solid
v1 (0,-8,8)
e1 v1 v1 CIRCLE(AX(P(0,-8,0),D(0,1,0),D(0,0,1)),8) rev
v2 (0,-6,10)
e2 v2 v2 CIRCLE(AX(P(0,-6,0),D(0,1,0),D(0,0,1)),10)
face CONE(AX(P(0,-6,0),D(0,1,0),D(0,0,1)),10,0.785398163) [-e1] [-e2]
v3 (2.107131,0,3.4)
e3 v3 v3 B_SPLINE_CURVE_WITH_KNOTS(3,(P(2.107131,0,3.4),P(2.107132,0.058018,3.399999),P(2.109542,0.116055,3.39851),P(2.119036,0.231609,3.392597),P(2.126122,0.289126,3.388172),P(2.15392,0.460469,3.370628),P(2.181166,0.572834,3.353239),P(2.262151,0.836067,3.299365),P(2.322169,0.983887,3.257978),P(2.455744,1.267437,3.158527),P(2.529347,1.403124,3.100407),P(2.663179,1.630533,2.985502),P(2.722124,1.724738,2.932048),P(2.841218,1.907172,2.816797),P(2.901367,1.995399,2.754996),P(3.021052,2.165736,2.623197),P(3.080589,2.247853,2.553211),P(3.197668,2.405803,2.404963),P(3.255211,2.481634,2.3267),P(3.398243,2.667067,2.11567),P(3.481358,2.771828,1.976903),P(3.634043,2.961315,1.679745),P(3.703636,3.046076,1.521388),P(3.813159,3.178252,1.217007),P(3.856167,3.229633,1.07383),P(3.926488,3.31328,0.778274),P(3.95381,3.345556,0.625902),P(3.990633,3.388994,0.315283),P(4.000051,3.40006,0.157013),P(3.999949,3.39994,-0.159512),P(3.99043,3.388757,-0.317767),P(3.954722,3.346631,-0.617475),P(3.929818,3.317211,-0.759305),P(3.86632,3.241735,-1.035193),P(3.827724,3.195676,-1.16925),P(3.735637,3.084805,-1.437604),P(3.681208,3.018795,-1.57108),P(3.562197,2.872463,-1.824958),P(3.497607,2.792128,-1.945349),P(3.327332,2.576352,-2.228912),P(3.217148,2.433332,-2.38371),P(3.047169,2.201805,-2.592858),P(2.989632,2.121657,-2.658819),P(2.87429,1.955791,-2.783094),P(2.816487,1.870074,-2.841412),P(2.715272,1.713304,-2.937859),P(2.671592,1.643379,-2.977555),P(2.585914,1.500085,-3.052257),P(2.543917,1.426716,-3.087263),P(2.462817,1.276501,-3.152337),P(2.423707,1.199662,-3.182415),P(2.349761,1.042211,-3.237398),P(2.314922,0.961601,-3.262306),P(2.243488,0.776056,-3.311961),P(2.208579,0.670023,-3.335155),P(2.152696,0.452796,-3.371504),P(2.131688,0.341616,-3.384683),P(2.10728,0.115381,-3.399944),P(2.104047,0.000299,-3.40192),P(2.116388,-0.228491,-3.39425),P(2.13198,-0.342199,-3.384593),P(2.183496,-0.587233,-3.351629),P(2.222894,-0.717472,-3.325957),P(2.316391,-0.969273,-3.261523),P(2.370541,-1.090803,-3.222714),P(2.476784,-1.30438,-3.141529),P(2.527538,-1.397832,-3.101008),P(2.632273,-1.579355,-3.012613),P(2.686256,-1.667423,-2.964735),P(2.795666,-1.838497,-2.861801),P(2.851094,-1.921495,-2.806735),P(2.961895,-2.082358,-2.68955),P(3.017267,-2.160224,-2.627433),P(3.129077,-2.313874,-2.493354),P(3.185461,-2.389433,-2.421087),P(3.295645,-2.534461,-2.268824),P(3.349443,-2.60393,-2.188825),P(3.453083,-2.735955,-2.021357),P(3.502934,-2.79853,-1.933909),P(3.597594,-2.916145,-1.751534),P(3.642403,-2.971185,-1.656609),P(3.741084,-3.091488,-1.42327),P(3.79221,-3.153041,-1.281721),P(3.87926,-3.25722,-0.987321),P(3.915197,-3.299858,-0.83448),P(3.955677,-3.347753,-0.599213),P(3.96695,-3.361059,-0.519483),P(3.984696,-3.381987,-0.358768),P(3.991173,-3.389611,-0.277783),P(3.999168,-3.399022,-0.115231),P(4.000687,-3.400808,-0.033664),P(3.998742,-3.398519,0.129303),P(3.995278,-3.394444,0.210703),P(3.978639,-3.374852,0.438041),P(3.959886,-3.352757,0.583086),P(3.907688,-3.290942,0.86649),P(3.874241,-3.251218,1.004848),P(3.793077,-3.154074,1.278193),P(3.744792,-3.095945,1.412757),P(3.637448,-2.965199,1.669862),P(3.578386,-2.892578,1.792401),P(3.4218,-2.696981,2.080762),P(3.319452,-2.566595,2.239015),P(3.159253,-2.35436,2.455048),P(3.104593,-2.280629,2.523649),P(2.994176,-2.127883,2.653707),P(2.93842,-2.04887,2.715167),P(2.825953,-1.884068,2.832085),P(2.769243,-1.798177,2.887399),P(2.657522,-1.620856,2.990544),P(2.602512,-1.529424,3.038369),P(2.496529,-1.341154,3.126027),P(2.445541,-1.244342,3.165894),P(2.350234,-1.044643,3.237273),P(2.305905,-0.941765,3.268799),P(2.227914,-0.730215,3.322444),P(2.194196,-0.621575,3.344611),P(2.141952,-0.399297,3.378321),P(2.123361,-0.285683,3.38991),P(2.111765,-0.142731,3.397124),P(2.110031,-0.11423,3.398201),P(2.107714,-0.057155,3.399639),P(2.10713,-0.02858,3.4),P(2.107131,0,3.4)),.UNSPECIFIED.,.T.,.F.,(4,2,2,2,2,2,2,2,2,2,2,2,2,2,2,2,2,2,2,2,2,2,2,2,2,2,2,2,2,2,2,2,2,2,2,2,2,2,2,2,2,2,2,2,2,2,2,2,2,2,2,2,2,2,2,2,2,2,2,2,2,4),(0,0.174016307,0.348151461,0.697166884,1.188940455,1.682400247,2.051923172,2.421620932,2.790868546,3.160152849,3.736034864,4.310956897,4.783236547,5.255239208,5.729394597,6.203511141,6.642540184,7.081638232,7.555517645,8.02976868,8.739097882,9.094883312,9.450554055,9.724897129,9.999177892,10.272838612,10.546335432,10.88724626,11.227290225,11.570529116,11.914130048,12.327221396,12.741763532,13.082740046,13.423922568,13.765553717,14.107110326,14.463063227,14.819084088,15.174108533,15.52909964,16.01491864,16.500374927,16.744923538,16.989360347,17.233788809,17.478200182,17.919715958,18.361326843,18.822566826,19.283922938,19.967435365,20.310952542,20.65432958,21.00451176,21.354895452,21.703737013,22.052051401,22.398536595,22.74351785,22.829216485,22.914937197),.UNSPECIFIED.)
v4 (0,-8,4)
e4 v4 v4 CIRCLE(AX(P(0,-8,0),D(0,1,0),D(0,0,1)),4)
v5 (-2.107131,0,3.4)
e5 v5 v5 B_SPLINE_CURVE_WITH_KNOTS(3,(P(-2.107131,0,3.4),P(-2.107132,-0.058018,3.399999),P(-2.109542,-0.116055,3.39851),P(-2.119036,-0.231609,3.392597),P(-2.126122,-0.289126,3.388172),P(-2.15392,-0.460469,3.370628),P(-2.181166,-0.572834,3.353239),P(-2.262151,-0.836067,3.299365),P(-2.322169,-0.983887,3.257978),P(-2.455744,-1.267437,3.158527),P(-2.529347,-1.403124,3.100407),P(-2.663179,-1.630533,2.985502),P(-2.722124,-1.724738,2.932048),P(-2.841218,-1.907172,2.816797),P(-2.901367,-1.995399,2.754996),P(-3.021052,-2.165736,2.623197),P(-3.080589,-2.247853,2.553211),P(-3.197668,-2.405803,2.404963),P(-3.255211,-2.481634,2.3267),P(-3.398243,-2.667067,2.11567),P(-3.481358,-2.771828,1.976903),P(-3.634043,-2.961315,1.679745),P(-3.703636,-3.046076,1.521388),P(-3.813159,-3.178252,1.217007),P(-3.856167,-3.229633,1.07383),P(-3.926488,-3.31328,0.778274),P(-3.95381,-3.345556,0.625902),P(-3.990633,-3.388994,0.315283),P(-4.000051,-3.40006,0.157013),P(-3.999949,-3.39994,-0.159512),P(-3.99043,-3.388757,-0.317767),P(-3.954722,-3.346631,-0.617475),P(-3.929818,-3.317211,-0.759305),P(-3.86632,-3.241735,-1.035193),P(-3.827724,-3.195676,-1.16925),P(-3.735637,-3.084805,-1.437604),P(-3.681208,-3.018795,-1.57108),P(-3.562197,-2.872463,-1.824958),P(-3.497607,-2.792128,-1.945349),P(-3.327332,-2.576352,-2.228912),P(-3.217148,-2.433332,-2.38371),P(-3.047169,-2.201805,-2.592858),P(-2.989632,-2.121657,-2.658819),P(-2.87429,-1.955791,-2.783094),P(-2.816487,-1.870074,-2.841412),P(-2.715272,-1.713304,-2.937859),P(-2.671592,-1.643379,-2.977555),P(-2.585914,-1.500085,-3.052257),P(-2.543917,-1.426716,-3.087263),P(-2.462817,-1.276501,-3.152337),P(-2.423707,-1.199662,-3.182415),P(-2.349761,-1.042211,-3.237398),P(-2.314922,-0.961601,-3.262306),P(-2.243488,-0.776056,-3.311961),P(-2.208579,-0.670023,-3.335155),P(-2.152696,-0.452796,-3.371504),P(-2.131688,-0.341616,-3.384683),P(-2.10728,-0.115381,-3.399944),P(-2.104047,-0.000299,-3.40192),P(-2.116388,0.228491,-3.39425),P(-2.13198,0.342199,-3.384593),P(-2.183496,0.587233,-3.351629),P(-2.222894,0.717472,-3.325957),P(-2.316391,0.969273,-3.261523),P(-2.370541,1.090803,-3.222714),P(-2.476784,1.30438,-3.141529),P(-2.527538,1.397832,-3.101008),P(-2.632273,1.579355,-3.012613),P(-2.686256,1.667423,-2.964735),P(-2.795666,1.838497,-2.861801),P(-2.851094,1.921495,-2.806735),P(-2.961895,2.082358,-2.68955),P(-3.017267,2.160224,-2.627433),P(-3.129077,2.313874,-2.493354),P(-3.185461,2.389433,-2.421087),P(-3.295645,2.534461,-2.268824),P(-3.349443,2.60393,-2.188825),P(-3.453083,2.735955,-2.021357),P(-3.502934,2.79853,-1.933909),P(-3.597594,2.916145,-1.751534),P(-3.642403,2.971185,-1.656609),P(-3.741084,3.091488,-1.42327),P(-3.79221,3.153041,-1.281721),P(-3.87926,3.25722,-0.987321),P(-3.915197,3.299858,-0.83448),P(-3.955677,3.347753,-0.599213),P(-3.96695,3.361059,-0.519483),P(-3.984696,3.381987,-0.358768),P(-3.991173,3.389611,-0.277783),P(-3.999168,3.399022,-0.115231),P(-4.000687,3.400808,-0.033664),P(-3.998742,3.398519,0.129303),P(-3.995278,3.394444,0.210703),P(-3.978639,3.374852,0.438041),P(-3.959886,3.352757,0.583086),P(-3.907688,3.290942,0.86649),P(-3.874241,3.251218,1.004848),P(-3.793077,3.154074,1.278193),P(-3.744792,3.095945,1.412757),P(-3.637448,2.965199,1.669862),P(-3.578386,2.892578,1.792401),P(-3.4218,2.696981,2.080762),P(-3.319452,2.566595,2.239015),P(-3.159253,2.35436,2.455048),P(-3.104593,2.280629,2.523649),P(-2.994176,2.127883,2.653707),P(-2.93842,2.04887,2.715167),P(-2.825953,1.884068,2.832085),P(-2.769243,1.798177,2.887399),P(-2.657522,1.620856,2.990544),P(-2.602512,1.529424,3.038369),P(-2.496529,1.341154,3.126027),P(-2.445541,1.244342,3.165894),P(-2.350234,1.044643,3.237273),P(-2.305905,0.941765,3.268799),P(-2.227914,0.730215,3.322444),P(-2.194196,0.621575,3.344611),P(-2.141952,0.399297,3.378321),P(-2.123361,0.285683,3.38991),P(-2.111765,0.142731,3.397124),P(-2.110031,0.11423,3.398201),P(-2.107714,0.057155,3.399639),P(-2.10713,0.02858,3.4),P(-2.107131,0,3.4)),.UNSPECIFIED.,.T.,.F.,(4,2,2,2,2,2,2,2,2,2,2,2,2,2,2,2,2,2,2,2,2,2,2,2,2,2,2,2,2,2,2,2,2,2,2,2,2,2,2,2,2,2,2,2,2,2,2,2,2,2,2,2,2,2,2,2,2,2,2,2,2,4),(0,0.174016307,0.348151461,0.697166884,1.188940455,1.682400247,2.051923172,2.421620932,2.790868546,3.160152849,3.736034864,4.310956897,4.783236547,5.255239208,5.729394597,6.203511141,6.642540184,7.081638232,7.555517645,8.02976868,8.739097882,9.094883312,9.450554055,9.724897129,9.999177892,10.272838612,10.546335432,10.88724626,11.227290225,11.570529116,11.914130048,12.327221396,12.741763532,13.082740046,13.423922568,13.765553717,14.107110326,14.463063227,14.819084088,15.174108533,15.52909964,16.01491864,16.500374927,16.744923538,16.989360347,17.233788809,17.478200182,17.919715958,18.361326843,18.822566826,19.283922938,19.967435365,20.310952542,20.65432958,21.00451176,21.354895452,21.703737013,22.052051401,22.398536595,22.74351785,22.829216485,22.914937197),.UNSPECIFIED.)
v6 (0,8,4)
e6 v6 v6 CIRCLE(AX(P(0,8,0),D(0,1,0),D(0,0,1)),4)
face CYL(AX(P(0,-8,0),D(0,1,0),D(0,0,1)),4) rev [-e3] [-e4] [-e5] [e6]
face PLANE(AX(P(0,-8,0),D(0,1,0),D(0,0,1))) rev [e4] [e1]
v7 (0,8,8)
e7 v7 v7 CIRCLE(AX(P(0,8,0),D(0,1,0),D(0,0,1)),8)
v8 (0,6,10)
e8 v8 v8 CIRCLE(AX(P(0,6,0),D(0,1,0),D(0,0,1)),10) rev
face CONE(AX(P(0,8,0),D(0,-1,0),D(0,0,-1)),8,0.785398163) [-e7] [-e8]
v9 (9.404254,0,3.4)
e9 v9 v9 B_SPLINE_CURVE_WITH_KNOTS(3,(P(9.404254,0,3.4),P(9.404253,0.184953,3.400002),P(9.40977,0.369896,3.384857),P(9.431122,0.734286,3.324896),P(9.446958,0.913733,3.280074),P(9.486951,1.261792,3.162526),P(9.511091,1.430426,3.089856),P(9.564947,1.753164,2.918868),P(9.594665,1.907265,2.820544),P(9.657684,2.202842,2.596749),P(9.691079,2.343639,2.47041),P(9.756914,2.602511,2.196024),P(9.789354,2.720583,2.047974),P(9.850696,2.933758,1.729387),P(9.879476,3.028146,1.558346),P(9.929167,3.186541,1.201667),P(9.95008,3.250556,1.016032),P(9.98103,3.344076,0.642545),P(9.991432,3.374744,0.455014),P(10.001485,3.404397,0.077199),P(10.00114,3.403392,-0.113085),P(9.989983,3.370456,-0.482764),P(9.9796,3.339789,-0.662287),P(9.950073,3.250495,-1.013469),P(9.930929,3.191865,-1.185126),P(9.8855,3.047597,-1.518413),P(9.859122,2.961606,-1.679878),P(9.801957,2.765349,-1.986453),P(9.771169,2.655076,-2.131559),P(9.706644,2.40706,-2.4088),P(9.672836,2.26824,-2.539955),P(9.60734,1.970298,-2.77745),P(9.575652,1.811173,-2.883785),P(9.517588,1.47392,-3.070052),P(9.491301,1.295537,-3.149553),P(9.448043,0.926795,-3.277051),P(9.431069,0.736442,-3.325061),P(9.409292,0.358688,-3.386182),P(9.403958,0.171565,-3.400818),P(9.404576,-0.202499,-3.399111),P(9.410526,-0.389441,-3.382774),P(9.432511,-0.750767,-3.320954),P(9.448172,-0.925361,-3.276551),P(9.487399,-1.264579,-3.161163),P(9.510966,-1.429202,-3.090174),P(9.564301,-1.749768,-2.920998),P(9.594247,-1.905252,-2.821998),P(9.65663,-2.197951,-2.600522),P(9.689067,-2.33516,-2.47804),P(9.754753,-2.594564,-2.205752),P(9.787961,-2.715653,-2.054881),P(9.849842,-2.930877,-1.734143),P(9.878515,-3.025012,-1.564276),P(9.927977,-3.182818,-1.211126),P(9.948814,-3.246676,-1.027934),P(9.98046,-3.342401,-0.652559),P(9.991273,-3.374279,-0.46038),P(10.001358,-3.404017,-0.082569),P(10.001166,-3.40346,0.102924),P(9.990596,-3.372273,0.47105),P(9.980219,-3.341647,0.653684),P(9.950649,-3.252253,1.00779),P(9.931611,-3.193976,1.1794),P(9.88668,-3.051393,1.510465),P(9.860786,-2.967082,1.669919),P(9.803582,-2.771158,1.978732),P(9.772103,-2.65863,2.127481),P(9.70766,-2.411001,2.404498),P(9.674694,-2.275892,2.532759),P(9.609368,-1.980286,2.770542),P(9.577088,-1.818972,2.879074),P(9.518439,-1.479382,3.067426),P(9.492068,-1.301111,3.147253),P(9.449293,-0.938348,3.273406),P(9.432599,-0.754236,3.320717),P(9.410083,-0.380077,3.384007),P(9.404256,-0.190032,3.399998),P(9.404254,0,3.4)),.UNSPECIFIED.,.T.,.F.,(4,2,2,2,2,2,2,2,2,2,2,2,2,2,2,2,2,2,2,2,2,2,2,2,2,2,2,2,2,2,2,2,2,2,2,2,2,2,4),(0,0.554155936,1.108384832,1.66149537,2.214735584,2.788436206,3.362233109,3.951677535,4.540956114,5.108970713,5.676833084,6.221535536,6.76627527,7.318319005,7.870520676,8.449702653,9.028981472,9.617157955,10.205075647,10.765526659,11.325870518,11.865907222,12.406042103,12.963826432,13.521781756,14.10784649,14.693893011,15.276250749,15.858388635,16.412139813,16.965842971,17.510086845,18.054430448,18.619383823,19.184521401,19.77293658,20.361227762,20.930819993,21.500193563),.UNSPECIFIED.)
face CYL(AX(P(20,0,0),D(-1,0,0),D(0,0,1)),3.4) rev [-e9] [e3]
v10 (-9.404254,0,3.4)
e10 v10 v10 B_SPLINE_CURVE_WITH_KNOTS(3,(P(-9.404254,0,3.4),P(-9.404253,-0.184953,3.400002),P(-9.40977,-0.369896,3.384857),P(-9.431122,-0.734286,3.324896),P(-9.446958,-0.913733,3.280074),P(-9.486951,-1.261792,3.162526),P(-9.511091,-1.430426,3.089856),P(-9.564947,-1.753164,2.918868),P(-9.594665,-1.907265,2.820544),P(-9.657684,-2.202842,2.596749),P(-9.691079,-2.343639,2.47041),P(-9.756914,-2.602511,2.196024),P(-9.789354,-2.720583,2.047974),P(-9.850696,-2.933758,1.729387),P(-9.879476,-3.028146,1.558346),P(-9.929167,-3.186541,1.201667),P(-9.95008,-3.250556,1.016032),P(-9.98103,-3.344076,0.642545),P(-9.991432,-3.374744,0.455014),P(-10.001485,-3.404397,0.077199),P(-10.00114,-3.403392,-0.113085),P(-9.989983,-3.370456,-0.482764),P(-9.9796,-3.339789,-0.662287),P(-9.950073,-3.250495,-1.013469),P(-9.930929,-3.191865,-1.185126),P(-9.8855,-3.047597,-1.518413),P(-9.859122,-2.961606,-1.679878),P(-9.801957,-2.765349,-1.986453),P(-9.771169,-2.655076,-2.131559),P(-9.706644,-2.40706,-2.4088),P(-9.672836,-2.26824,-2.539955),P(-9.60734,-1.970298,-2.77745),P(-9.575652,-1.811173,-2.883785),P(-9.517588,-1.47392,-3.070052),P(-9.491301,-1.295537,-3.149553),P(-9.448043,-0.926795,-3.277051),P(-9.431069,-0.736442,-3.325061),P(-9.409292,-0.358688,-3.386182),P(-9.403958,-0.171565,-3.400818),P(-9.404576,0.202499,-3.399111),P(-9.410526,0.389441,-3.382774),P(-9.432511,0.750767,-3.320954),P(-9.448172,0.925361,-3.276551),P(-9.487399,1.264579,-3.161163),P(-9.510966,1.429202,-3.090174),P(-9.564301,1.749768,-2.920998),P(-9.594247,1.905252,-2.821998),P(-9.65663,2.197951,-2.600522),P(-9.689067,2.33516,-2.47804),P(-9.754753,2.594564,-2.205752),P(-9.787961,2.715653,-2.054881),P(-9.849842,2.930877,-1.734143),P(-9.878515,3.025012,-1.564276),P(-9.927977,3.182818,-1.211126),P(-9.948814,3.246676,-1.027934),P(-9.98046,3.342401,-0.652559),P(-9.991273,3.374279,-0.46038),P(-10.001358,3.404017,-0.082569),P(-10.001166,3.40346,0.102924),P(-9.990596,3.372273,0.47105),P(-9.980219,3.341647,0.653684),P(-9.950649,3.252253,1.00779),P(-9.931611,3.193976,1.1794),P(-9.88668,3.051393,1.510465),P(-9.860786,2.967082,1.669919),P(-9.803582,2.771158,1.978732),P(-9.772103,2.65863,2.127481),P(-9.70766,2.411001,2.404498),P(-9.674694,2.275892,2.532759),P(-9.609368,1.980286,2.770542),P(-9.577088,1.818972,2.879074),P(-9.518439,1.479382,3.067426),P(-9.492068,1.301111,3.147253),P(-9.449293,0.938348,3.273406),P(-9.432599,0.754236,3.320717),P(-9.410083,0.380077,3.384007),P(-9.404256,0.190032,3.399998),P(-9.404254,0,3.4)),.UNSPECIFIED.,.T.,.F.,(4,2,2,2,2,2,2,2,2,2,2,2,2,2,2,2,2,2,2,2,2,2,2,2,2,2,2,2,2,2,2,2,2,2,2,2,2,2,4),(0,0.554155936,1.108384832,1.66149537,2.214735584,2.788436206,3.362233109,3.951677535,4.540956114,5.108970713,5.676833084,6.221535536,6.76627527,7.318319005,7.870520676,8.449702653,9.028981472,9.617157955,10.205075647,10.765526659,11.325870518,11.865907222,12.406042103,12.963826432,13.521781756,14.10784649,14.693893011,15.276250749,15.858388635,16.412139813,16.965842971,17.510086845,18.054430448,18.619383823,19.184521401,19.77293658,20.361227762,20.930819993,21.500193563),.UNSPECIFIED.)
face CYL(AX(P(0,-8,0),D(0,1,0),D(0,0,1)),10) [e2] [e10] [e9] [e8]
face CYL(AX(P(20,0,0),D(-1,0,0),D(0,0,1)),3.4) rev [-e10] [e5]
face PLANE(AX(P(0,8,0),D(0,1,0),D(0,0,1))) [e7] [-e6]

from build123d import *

# Parameters (mm, degrees)
BOSS_EXTRUDE1_DEPTH      = 8
BOSS_EXTRUDE1_DEPTH_BACK = 8
SKETCH2_R                = 10
SKETCH2_R_2              = 4
CUT_EXTRUDE1_DEPTH       = 20
CUT_EXTRUDE1_DEPTH_BACK  = 20
SKETCH3_R                = 3.4
CHAMFER1_SIZE            = 2


with BuildPart() as part:
    # Sketch2 → Boss-Extrude1 (new, two sides: drawn at the far end of the back side and taken through both)
    with BuildSketch(Plane(origin=(0, 0, 0), x_dir=(1, 0, 0), z_dir=(0, 1, 0)).offset(-BOSS_EXTRUDE1_DEPTH_BACK)):
        Circle(SKETCH2_R)
        Circle(SKETCH2_R_2, mode=Mode.SUBTRACT)
    extrude(amount=BOSS_EXTRUDE1_DEPTH + BOSS_EXTRUDE1_DEPTH_BACK)

    # Sketch3 → Cut-Extrude1 (cut, two sides: drawn at the far end of the back side and taken through both)
    with BuildSketch(Plane(origin=(0, 0, 0), x_dir=(0, 0, -1), z_dir=(1, 0, 0)).offset(-CUT_EXTRUDE1_DEPTH_BACK)):
        Circle(SKETCH3_R)
    extrude(amount=CUT_EXTRUDE1_DEPTH + CUT_EXTRUDE1_DEPTH_BACK, mode=Mode.SUBTRACT)

    # Chamfer1
    chamfer1_edges = [part.edges().sort_by_distance(p)[0] for p in [
        (-10, -8, 0),
        (-10, 8, 0),
    ]]
    chamfer(chamfer1_edges, length=CHAMFER1_SIZE)


solid = part.part
